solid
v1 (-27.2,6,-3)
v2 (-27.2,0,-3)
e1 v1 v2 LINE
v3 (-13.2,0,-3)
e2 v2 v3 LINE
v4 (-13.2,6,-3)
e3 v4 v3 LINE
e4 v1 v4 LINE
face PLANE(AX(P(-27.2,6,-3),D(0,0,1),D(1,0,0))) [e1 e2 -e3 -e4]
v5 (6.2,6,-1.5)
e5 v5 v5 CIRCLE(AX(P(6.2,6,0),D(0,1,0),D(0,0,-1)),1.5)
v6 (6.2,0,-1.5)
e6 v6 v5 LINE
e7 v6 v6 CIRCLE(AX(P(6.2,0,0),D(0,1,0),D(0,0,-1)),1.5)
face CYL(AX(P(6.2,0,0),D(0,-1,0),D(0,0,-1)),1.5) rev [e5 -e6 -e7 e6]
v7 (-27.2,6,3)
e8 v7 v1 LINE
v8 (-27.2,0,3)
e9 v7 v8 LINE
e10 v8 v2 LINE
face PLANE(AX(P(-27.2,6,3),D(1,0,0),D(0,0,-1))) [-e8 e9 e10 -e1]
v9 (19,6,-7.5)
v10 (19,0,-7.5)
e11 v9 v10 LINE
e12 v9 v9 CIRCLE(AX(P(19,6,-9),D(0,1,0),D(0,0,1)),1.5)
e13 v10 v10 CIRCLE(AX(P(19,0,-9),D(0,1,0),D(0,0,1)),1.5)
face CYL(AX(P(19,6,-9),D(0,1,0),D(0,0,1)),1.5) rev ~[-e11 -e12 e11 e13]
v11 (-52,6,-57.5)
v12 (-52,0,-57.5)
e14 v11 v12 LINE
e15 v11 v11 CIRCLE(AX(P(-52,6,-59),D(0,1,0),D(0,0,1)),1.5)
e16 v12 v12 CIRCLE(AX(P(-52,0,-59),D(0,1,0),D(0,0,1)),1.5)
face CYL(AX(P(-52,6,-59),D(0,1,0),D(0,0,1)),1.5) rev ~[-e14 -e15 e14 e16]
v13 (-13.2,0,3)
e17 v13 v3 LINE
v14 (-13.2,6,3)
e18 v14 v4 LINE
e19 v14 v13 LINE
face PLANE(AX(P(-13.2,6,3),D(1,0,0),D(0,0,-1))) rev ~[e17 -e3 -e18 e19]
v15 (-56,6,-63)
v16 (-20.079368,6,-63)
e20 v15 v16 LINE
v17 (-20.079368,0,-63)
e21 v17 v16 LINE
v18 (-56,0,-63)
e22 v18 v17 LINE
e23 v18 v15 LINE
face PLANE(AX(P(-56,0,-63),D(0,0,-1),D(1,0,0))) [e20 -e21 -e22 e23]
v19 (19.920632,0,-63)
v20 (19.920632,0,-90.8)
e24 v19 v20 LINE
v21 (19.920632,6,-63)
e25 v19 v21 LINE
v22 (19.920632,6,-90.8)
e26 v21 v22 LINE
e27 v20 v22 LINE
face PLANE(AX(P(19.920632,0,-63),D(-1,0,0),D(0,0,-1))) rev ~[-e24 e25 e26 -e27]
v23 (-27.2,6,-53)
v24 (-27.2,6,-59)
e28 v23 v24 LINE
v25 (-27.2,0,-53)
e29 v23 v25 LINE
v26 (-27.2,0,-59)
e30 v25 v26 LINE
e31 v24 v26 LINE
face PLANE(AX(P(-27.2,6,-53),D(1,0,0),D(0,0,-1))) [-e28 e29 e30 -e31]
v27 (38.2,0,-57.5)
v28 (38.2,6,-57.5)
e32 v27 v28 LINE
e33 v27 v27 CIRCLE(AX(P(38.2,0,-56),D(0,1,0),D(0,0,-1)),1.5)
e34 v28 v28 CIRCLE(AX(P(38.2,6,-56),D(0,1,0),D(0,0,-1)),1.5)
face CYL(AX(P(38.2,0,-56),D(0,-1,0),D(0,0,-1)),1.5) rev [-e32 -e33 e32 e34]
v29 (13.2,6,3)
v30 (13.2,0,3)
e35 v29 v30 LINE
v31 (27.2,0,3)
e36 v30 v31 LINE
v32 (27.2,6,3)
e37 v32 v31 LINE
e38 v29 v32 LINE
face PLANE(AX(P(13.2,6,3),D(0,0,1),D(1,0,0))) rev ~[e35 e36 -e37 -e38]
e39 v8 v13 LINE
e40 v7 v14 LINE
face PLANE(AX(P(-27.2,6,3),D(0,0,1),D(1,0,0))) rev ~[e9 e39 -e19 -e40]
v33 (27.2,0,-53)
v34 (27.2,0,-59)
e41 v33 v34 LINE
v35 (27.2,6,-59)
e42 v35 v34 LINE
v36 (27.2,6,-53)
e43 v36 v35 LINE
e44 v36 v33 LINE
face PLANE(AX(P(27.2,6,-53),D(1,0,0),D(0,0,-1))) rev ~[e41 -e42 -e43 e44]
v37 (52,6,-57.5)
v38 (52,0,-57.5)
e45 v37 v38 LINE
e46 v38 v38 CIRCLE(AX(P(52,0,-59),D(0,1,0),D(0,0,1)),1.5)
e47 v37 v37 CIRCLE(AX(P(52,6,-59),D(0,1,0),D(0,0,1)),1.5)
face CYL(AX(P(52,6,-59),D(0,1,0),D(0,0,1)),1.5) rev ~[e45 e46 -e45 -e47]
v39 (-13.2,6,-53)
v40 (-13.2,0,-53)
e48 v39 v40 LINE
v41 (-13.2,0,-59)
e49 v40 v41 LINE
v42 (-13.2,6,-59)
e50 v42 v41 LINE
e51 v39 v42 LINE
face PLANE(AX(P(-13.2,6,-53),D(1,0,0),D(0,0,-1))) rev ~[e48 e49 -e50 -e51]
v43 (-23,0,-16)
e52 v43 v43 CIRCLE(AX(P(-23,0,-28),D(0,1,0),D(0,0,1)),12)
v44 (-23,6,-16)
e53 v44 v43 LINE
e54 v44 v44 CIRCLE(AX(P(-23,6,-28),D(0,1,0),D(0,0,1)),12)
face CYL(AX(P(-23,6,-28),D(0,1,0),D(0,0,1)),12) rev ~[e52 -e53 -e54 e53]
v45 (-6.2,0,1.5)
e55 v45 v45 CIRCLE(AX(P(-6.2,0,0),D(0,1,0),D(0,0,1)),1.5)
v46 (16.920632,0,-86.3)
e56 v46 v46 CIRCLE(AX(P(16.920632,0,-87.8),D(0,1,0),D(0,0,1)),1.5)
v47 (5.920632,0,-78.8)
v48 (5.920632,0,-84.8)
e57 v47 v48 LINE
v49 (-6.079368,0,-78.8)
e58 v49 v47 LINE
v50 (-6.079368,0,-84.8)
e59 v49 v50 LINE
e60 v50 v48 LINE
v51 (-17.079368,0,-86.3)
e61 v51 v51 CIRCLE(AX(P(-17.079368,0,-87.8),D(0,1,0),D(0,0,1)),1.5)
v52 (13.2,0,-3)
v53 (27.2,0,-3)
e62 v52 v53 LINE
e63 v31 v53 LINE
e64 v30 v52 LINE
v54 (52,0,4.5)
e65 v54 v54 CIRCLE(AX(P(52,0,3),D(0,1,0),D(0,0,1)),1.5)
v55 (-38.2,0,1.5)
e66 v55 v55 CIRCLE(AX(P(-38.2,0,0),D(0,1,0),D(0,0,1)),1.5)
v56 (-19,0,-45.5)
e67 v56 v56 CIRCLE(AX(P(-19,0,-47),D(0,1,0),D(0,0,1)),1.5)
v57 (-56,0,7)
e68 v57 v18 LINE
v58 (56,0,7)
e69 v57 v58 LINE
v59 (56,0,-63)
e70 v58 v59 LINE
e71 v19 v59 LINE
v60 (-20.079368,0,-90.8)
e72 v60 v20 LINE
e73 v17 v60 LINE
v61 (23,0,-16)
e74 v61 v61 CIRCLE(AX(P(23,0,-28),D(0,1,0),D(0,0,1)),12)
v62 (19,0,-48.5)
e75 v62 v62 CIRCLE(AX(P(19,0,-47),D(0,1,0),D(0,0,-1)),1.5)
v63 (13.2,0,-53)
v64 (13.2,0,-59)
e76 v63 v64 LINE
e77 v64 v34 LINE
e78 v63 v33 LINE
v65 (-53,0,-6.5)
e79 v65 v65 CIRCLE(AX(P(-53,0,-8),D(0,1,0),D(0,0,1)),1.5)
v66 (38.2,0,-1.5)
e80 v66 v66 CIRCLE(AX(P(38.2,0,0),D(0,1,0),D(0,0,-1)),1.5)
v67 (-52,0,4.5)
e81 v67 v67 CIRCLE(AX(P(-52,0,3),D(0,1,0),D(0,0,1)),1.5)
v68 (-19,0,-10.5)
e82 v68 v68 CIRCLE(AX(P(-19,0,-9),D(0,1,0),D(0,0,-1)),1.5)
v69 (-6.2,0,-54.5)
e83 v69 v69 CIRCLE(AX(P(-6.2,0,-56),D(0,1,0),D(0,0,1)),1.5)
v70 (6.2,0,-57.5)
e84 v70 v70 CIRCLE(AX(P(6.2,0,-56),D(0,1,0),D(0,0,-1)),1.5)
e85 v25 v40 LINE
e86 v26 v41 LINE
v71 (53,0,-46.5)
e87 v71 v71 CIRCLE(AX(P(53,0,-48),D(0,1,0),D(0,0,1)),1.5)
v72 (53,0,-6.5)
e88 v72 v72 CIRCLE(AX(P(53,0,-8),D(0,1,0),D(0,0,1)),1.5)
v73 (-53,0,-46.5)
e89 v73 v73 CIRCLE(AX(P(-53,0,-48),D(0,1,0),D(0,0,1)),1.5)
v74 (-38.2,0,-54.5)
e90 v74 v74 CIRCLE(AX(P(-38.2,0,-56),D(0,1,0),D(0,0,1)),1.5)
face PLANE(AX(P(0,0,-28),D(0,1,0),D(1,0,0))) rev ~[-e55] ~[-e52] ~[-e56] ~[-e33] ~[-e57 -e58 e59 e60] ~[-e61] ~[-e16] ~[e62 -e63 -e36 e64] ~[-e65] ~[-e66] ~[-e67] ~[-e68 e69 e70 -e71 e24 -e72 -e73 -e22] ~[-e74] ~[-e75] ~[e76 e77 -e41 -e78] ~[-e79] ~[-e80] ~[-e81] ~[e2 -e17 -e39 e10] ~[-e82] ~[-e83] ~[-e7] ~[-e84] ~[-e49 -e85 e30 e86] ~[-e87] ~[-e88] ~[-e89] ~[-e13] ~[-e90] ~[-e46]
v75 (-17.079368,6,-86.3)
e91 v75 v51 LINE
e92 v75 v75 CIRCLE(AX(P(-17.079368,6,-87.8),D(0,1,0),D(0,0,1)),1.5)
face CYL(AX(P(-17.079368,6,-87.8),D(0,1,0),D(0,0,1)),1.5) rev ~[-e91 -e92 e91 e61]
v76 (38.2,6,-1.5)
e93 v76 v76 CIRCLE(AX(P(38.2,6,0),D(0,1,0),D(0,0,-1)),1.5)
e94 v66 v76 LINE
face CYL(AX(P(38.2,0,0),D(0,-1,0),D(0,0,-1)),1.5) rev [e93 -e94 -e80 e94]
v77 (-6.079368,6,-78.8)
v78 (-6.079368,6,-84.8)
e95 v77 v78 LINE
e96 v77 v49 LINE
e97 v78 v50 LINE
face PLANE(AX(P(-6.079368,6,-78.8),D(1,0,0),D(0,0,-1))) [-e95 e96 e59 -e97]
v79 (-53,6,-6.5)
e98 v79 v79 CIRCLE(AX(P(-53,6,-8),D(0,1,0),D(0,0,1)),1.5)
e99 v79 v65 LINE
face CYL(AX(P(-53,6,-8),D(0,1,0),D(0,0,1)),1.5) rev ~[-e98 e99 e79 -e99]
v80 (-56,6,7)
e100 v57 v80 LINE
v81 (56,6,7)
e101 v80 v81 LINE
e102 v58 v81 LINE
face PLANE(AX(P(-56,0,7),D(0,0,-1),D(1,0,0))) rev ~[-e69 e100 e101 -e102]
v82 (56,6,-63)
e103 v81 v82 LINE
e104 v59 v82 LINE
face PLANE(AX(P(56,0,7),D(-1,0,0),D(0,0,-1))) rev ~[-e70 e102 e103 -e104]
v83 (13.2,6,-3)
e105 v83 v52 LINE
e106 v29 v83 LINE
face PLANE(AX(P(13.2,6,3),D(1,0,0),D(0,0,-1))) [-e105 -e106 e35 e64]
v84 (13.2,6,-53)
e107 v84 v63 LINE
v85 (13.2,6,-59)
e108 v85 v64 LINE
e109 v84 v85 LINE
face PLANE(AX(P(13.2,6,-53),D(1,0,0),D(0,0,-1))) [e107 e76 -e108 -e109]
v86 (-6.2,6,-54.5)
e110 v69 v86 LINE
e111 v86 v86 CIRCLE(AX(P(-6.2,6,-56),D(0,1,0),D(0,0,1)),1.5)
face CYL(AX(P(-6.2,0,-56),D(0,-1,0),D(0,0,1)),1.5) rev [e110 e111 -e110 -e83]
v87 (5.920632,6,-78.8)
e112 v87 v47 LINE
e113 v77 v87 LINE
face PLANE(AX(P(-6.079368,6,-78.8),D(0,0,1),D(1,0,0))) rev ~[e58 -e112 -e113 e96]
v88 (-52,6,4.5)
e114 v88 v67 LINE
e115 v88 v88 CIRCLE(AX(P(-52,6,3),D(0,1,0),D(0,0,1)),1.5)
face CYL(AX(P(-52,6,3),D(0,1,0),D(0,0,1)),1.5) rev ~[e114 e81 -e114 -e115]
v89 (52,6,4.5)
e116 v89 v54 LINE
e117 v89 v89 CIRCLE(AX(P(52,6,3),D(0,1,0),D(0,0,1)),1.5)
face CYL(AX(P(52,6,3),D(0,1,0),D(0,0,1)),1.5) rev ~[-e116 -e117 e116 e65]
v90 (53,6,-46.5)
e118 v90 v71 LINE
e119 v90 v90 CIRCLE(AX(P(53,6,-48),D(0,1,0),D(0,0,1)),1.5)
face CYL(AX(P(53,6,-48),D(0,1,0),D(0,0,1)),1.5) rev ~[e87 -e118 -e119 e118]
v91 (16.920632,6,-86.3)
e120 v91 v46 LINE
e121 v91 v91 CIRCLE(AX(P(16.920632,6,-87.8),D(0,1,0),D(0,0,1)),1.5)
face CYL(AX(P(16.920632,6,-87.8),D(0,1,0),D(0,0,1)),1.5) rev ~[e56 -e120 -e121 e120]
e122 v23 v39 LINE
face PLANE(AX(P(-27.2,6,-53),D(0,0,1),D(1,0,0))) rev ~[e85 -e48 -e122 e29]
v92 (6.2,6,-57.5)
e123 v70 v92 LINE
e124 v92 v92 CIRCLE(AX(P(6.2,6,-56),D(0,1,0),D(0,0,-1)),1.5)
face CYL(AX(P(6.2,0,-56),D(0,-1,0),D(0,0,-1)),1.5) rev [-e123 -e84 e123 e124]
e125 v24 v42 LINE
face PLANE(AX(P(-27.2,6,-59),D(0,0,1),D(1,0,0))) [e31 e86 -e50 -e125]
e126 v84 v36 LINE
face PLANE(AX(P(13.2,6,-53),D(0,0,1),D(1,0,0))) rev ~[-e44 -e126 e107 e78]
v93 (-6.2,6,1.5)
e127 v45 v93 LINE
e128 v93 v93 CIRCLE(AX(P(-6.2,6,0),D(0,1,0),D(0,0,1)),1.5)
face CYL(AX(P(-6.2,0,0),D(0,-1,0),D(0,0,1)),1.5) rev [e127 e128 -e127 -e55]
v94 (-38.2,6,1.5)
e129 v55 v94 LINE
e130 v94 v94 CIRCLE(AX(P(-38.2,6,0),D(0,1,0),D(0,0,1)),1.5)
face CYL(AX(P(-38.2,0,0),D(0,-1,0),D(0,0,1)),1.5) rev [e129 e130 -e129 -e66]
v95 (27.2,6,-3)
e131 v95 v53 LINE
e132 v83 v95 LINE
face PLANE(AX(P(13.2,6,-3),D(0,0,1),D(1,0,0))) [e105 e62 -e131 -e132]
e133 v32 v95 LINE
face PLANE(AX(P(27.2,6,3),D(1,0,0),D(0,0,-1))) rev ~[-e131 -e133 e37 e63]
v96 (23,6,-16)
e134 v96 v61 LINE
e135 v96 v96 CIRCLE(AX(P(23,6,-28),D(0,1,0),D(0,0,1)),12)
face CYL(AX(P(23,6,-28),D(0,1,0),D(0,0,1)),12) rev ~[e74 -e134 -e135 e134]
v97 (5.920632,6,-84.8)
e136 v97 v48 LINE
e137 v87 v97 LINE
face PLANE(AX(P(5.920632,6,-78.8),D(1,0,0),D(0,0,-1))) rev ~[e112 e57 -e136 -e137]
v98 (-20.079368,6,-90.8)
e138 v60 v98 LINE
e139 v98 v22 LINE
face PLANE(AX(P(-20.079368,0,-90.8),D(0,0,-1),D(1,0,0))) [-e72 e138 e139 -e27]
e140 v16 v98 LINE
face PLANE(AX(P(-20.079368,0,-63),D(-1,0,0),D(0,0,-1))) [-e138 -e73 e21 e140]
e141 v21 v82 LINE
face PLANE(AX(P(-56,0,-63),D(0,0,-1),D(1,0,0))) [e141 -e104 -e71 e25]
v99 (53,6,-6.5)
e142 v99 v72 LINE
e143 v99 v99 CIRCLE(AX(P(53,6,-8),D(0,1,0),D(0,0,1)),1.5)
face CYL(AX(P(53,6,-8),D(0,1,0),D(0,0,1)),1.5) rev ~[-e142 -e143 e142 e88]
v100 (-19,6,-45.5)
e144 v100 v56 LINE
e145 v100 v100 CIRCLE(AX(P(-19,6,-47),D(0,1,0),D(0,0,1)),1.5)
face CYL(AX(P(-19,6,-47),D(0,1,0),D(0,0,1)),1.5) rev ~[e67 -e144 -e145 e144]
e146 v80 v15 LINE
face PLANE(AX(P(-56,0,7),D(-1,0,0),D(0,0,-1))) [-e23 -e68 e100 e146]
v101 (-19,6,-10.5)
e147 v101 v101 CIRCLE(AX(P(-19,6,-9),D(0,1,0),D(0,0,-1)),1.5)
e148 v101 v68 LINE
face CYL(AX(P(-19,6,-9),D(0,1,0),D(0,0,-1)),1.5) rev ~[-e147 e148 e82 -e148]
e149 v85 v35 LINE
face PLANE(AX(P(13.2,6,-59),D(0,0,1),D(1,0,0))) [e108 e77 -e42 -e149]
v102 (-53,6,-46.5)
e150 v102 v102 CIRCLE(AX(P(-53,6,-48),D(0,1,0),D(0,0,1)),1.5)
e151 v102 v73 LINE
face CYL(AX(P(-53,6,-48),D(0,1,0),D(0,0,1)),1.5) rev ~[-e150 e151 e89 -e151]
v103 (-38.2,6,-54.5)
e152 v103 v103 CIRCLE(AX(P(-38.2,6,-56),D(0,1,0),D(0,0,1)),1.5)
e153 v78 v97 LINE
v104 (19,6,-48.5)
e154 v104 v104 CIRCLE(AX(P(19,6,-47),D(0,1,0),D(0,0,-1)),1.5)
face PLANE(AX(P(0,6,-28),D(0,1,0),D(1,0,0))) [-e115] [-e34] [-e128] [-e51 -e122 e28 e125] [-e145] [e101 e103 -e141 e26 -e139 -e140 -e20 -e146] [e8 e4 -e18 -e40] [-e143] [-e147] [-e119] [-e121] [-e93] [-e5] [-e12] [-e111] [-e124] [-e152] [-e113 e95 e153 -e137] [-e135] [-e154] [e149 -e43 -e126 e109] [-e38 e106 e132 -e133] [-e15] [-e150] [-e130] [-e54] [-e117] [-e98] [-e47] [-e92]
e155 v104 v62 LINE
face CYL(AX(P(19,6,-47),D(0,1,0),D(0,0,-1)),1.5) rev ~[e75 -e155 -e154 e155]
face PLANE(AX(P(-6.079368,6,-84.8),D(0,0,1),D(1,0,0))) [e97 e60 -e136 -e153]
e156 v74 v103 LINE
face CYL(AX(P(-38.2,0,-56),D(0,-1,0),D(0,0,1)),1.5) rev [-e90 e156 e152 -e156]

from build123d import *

# Parameters (mm, degrees)
SKETCH1_W           = 112
SKETCH1_H           = 70
SKETCH1_R           = 1.5
BOSS_EXTRUDE1_DEPTH = 6
SKETCH2_R           = 1.5
CUT_EXTRUDE1_DEPTH  = 85.504437753
SKETCH3_W           = 14
SKETCH3_H           = 6
CUT_EXTRUDE2_DEPTH  = 85.504437753
SKETCH4_R           = 1.5
CUT_EXTRUDE3_DEPTH  = 85.504437753
SKETCH5_R           = 12
CUT_EXTRUDE4_DEPTH  = 85.504437753
SKETCH6_R           = 1.5
CUT_EXTRUDE5_DEPTH  = 10
SKETCH7_W           = 40
SKETCH7_H           = 27.8
BOSS_EXTRUDE2_DEPTH = 6
SKETCH8_W           = 12
SKETCH8_H           = 6
CUT_EXTRUDE6_DEPTH  = 6
SKETCH9_R           = 1.5
CUT_EXTRUDE7_DEPTH  = 6


with BuildPart() as part:
    # Sketch1 → Boss-Extrude1 (new body)
    with BuildSketch(Plane(origin=(0, 0, 0), x_dir=(1, 0, 0), z_dir=(0, 1, 0))):
        with Locations((0, 28)):
            Rectangle(SKETCH1_W, SKETCH1_H)
        with Locations(Location((-6.2, 0, 0), (0, 0, 270))):
            Circle(SKETCH1_R, mode=Mode.SUBTRACT)
        with Locations(Location((-38.2, 0, 0), (0, 0, 270))):
            Circle(SKETCH1_R, mode=Mode.SUBTRACT)
        with Locations(Location((-6.2, 56, 0), (0, 0, 270))):
            Circle(SKETCH1_R, mode=Mode.SUBTRACT)
        with Locations(Location((-38.2, 56, 0), (0, 0, 270))):
            Circle(SKETCH1_R, mode=Mode.SUBTRACT)
        with Locations(Location((6.2, 0, 0), (0, 0, 90))):
            Circle(SKETCH1_R, mode=Mode.SUBTRACT)
        with Locations(Location((38.2, 0, 0), (0, 0, 90))):
            Circle(SKETCH1_R, mode=Mode.SUBTRACT)
        with Locations(Location((6.2, 56, 0), (0, 0, 90))):
            Circle(SKETCH1_R, mode=Mode.SUBTRACT)
        with Locations(Location((38.2, 56, 0), (0, 0, 90))):
            Circle(SKETCH1_R, mode=Mode.SUBTRACT)
    extrude(amount=BOSS_EXTRUDE1_DEPTH)

    # Sketch2 → Cut-Extrude1 (cut, through all)
    with BuildSketch(Plane(origin=(0, 6, 0), x_dir=(1, 0, 0), z_dir=(0, 1, 0))):
        with Locations(Location((-53, 48, 0), (0, 0, 270))):
            Circle(SKETCH2_R)
        with Locations(Location((-53, 8, 0), (0, 0, 270))):
            Circle(SKETCH2_R)
        with Locations(Location((53, 8, 0), (0, 0, 270))):
            Circle(SKETCH2_R)
        with Locations(Location((53, 48, 0), (0, 0, 270))):
            Circle(SKETCH2_R)
    extrude(amount=-CUT_EXTRUDE1_DEPTH, mode=Mode.SUBTRACT)

    # Sketch3 → Cut-Extrude2 (cut, through all)
    with BuildSketch(Plane(origin=(0, 6, 0), x_dir=(1, 0, 0), z_dir=(0, 1, 0))):
        with Locations((20.2, 56)):
            Rectangle(SKETCH3_W, SKETCH3_H)
        with Locations((20.2, 0)):
            Rectangle(SKETCH3_W, SKETCH3_H)
        with Locations((-20.2, 0)):
            Rectangle(SKETCH3_W, SKETCH3_H)
        with Locations((-20.2, 56)):
            Rectangle(SKETCH3_W, SKETCH3_H)
    extrude(amount=-CUT_EXTRUDE2_DEPTH, mode=Mode.SUBTRACT)

    # Sketch4 → Cut-Extrude3 (cut, through all)
    with BuildSketch(Plane(origin=(0, 6, 0), x_dir=(1, 0, 0), z_dir=(0, 1, 0))):
        with Locations(Location((19, 9, 0), (0, 0, 270))):
            Circle(SKETCH4_R)
        with Locations(Location((19, 47, 0), (0, 0, 90))):
            Circle(SKETCH4_R)
        with Locations(Location((-19, 47, 0), (0, 0, 270))):
            Circle(SKETCH4_R)
        with Locations(Location((-19, 9, 0), (0, 0, 90))):
            Circle(SKETCH4_R)
    extrude(amount=-CUT_EXTRUDE3_DEPTH, mode=Mode.SUBTRACT)

    # Sketch5 → Cut-Extrude4 (cut, through all)
    with BuildSketch(Plane(origin=(0, 6, 0), x_dir=(1, 0, 0), z_dir=(0, 1, 0))):
        with Locations(Location((-23, 28, 0), (0, 0, 270))):
            Circle(SKETCH5_R)
        with Locations(Location((23, 28, 0), (0, 0, 270))):
            Circle(SKETCH5_R)
    extrude(amount=-CUT_EXTRUDE4_DEPTH, mode=Mode.SUBTRACT)

    # Sketch6 → Cut-Extrude5 (cut)
    with BuildSketch(Plane(origin=(0, 6, 0), x_dir=(1, 0, 0), z_dir=(0, 1, 0))):
        with Locations(Location((-52, 59, 0), (0, 0, 270))):
            Circle(SKETCH6_R)
        with Locations(Location((52, 59, 0), (0, 0, 270))):
            Circle(SKETCH6_R)
        with Locations(Location((52, -3, 0), (0, 0, 270))):
            Circle(SKETCH6_R)
        with Locations(Location((-52, -3, 0), (0, 0, 270))):
            Circle(SKETCH6_R)
    extrude(amount=-CUT_EXTRUDE5_DEPTH, mode=Mode.SUBTRACT)

    # Sketch7 → Boss-Extrude2 (add)
    with BuildSketch(Plane(origin=(0, 0, 0), x_dir=(1, 0, 0), z_dir=(0, 1, 0))):
        with Locations((-0.079368114, 76.9)):
            Rectangle(SKETCH7_W, SKETCH7_H)
    extrude(amount=BOSS_EXTRUDE2_DEPTH)

    # Sketch8 → Cut-Extrude6 (cut)
    with BuildSketch(Plane(origin=(0, 6, 0), x_dir=(1, 0, 0), z_dir=(0, 1, 0))):
        with Locations((-0.079368114, 81.8)):
            Rectangle(SKETCH8_W, SKETCH8_H)
    extrude(amount=-CUT_EXTRUDE6_DEPTH, mode=Mode.SUBTRACT)

    # Sketch9 → Cut-Extrude7 (cut)
    with BuildSketch(Plane(origin=(0, 6, 0), x_dir=(1, 0, 0), z_dir=(0, 1, 0))):
        with Locations(Location((-17.079368114, 87.8, 0), (0, 0, 270))):
            Circle(SKETCH9_R)
        with Locations(Location((16.920631886, 87.8, 0), (0, 0, 270))):
            Circle(SKETCH9_R)
    extrude(amount=-CUT_EXTRUDE7_DEPTH, mode=Mode.SUBTRACT)


solid = part.part
